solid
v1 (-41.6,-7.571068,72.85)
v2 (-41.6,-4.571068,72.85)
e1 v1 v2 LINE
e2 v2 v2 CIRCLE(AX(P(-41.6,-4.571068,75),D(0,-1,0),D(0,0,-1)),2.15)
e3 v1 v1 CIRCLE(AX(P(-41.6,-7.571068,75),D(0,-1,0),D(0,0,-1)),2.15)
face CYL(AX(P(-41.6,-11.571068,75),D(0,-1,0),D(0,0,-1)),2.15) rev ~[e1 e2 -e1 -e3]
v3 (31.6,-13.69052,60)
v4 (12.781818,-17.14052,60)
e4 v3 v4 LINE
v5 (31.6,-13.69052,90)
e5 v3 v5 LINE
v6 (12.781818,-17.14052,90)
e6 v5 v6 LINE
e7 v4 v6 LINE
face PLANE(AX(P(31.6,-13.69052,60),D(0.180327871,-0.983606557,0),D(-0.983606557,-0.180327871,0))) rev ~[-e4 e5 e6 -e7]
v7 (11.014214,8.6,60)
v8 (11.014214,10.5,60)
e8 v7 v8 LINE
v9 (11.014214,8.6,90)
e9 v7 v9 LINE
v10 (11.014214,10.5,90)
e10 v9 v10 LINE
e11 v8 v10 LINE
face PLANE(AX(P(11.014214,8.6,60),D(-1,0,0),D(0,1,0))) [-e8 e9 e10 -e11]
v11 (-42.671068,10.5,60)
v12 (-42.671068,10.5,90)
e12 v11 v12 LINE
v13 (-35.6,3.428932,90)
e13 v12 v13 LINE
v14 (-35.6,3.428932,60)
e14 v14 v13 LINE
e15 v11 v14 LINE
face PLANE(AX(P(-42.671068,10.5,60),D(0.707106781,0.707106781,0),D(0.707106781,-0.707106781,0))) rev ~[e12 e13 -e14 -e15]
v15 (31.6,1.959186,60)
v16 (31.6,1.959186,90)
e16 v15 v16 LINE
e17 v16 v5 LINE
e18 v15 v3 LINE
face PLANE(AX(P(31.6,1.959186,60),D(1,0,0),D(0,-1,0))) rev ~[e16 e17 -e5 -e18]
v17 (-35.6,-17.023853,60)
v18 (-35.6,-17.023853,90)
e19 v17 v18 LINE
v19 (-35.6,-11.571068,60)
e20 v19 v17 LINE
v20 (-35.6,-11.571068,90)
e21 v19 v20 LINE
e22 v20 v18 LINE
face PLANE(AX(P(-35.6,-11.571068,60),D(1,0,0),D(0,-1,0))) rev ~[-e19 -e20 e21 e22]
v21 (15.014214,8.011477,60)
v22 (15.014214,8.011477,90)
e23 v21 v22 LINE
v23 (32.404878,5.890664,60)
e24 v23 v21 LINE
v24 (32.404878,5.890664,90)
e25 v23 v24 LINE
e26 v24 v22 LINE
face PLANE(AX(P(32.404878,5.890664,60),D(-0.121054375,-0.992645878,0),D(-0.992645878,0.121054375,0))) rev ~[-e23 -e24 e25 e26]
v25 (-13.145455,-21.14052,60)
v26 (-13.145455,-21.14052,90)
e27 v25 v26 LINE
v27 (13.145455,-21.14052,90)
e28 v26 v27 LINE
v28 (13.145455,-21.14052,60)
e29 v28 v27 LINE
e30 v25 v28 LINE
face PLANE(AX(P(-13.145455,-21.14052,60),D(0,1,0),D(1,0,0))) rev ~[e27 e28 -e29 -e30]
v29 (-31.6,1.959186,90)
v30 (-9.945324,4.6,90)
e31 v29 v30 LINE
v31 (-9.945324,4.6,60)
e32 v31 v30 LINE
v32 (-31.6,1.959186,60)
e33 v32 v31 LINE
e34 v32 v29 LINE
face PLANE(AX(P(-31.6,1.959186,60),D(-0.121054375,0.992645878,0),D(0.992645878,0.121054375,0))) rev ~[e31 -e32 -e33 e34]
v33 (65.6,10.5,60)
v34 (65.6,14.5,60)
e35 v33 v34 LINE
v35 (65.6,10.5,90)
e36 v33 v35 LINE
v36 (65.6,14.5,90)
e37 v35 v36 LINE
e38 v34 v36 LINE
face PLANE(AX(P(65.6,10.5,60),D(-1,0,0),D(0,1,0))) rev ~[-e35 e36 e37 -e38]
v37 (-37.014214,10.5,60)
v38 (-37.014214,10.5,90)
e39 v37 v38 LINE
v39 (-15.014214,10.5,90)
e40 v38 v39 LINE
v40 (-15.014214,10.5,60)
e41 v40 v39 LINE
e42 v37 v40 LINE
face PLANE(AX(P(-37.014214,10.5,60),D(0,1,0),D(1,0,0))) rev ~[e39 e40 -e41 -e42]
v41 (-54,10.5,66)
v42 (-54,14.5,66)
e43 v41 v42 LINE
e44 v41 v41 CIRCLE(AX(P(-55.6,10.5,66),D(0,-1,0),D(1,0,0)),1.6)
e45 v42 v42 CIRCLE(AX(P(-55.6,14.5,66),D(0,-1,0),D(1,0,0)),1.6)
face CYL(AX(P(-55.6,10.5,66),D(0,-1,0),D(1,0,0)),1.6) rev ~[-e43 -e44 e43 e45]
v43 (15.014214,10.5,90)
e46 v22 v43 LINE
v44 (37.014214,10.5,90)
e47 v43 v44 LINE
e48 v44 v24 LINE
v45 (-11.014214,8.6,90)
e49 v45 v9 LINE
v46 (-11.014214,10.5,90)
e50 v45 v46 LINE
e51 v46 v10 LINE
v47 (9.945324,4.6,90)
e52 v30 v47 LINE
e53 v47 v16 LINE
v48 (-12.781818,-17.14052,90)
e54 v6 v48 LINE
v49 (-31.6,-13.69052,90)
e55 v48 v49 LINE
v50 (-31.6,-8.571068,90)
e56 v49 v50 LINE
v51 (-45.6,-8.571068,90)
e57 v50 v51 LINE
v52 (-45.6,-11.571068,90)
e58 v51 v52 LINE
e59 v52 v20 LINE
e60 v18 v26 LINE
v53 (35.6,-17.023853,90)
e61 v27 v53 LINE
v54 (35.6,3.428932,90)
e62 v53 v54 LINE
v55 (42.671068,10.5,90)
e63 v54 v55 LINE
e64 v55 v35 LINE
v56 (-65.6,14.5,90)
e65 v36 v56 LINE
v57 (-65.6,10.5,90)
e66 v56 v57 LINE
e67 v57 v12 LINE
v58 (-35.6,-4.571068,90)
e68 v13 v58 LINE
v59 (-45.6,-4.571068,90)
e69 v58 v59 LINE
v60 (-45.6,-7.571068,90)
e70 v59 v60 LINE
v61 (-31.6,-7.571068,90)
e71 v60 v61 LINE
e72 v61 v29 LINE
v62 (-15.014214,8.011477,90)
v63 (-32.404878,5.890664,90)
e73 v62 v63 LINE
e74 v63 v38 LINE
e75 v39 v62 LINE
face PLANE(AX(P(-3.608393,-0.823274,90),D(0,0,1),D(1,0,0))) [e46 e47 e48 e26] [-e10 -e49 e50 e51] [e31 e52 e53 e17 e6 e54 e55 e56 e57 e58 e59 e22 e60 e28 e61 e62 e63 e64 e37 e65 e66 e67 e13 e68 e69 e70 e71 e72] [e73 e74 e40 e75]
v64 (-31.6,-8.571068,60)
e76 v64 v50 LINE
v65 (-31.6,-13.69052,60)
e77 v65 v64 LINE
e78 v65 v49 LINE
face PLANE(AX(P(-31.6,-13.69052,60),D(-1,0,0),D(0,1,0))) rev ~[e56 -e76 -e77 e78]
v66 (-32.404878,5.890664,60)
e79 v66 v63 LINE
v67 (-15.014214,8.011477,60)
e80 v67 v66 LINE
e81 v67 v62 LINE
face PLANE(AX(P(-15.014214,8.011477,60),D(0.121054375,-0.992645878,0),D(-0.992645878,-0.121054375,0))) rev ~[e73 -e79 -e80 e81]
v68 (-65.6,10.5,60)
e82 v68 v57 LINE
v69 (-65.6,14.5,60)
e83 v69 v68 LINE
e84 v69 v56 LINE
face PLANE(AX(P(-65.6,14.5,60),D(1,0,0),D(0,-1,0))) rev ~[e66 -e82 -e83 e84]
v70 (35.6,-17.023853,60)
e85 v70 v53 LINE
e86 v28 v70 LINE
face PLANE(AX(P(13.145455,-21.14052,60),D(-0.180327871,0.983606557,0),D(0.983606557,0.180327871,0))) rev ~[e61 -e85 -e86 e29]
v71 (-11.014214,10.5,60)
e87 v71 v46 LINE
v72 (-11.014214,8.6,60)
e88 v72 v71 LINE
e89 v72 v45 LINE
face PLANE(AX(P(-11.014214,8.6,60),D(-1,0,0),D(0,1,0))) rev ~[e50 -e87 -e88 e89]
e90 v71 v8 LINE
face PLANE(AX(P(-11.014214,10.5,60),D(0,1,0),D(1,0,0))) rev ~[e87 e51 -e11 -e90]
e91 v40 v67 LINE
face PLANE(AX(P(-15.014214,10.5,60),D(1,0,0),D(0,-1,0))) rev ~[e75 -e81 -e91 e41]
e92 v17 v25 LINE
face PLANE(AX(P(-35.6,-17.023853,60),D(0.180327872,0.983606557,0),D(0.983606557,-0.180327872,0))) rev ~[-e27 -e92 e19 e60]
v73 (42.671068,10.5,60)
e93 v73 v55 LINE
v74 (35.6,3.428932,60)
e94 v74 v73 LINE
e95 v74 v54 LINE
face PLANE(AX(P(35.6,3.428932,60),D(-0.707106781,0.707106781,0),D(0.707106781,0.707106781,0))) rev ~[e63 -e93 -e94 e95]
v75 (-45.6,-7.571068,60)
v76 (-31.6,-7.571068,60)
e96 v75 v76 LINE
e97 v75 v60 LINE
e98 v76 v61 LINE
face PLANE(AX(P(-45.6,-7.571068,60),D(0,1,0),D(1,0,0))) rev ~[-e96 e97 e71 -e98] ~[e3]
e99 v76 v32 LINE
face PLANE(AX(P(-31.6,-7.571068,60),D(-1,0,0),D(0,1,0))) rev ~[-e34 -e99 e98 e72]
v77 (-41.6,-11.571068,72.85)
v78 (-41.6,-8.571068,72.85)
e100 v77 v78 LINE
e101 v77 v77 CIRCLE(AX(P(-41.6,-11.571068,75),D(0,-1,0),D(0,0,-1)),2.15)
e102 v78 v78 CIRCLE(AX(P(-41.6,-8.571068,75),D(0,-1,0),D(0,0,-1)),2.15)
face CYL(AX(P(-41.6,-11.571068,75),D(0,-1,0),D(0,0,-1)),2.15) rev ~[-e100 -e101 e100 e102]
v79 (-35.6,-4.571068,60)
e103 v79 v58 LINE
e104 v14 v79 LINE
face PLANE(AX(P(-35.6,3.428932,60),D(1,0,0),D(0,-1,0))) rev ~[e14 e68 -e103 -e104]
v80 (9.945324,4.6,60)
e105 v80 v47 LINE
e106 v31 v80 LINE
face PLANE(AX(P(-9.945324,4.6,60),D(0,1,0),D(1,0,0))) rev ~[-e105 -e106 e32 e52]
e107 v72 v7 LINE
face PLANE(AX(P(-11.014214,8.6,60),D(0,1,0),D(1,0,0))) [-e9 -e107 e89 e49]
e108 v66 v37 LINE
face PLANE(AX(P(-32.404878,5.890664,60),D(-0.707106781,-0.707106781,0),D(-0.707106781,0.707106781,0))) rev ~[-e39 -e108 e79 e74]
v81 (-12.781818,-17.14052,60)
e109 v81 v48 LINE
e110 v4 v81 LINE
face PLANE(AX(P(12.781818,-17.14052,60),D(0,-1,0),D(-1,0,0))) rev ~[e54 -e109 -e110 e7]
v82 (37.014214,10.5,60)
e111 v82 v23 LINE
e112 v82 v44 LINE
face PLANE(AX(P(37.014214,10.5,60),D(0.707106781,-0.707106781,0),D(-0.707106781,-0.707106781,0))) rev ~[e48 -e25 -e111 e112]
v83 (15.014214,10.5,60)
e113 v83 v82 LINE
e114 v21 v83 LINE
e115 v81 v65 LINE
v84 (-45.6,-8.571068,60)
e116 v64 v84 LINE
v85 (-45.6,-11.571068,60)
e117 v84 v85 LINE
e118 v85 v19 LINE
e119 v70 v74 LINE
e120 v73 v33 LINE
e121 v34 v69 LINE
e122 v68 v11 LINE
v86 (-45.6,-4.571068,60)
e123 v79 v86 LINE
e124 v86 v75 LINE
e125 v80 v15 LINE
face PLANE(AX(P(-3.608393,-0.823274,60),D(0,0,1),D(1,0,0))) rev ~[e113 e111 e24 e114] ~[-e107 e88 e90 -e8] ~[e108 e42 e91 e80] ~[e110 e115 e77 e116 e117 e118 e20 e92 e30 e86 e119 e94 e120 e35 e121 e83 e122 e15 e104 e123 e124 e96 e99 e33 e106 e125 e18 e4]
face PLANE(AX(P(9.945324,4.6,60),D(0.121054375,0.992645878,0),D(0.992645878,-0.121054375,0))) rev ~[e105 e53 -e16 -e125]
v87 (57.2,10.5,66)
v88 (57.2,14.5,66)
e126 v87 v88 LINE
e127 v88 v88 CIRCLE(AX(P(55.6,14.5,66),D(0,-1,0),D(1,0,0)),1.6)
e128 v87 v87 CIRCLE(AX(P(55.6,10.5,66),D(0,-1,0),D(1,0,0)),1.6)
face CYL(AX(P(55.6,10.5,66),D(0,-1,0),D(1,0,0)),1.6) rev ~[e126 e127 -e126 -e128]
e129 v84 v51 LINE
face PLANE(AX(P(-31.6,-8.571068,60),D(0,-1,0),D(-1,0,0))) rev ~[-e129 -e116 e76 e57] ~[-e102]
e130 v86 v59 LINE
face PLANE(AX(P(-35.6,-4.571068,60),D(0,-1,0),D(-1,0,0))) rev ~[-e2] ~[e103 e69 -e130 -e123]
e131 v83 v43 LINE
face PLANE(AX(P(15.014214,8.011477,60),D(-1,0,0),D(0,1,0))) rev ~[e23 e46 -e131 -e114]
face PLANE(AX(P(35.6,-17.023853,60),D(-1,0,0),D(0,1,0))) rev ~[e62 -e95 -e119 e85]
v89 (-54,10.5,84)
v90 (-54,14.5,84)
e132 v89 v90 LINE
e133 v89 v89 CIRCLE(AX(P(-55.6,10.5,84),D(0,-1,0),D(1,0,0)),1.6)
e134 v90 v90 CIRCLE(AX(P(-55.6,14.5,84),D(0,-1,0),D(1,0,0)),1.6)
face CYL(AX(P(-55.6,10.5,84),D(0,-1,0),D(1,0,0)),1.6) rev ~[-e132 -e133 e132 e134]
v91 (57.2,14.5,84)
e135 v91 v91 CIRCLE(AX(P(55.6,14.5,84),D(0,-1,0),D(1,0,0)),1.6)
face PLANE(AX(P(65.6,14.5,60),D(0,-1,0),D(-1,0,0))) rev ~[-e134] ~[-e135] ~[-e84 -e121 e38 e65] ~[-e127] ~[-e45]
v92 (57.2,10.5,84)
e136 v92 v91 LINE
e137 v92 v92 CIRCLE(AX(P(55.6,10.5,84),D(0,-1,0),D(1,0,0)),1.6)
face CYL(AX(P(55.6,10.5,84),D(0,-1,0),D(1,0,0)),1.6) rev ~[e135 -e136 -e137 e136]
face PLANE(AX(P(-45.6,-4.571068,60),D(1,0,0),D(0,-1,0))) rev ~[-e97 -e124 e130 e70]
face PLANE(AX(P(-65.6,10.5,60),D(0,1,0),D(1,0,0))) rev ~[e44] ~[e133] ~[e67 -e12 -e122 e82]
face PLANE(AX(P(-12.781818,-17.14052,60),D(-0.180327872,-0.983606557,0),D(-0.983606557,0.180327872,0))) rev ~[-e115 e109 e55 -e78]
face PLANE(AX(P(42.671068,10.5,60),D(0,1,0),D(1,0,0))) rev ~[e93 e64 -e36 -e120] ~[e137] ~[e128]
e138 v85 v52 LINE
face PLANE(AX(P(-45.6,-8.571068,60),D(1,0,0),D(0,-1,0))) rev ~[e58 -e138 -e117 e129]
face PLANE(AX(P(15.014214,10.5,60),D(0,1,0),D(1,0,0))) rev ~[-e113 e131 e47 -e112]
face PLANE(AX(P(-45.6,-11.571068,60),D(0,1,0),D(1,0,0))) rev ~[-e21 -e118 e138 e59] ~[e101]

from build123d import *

# Parameters (mm, degrees)
EXTRUDE1_DEPTH      = 20
EXTRUDE1_DEPTH_BACK = 10
SKETCH2_W           = 22.028427124
SKETCH2_H           = 1.9
SKETCH3_R           = 1.6
CUT_EXTRUDE1_DEPTH  = 20
SKETCH4_R           = 2.15
CUT_EXTRUDE2_DEPTH  = 15


with BuildPart() as part:
    # Sketch2 → Extrude1 (new, two sides: drawn at the far end of the back side and taken through both)
    with BuildSketch(Plane.XY.offset(70).offset(-EXTRUDE1_DEPTH_BACK)):
        Polygon((31.6, 1.959185913), (31.6, -13.690519995), (12.781818432, -17.14052), (-12.781818445, -17.14052), (-31.6, -13.690519995), (-31.6, -8.571067812), (-45.6, -8.571067812), (-45.6, -11.571067812), (-35.6, -11.571067812), (-35.6, -17.023853319), (-13.145454814, -21.14052), (13.145454801, -21.14052), (35.6, -17.023853319), (35.6, 3.428932188), (42.671067812, 10.5), (65.6, 10.5), (65.6, 14.5), (-65.6, 14.5), (-65.6, 10.5), (-42.671067812, 10.5), (-35.6, 3.428932188), (-35.6, -4.571067812), (-45.6, -4.571067812), (-45.6, -7.571067812), (-31.6, -7.571067812), (-31.6, 1.959185913), (-9.945324486, 4.6), (9.945324486, 4.6), align=None)
        Polygon((37.014213562, 10.5), (32.404878042, 5.890664479), (15.014213562, 8.011477221), (15.014213562, 10.5), align=None, mode=Mode.SUBTRACT)
        with Locations((0, 9.55)):
            Rectangle(SKETCH2_W, SKETCH2_H, mode=Mode.SUBTRACT)
        Polygon((-15.014213562, 10.5), (-15.014213562, 8.011477221), (-32.404878042, 5.890664479), (-37.014213562, 10.5), align=None, mode=Mode.SUBTRACT)
    extrude(amount=EXTRUDE1_DEPTH + EXTRUDE1_DEPTH_BACK)

    # Sketch3 → Cut-Extrude1 (cut)
    with BuildSketch(Plane.XZ.offset(-10.5)):
        with Locations((-55.6, 84)):
            Circle(SKETCH3_R)
        with Locations((-55.6, 66)):
            Circle(SKETCH3_R)
        with Locations((55.6, 84)):
            Circle(SKETCH3_R)
        with Locations((55.6, 66)):
            Circle(SKETCH3_R)
    extrude(amount=-CUT_EXTRUDE1_DEPTH, mode=Mode.SUBTRACT)

    # Sketch4 → Cut-Extrude2 (cut)
    with BuildSketch(Plane.XZ.offset(11.571067812)):
        with Locations(Location((-41.6, 75, 0), (0, 0, 270))):
            Circle(SKETCH4_R)
    extrude(amount=-CUT_EXTRUDE2_DEPTH, mode=Mode.SUBTRACT)


solid = part.part
